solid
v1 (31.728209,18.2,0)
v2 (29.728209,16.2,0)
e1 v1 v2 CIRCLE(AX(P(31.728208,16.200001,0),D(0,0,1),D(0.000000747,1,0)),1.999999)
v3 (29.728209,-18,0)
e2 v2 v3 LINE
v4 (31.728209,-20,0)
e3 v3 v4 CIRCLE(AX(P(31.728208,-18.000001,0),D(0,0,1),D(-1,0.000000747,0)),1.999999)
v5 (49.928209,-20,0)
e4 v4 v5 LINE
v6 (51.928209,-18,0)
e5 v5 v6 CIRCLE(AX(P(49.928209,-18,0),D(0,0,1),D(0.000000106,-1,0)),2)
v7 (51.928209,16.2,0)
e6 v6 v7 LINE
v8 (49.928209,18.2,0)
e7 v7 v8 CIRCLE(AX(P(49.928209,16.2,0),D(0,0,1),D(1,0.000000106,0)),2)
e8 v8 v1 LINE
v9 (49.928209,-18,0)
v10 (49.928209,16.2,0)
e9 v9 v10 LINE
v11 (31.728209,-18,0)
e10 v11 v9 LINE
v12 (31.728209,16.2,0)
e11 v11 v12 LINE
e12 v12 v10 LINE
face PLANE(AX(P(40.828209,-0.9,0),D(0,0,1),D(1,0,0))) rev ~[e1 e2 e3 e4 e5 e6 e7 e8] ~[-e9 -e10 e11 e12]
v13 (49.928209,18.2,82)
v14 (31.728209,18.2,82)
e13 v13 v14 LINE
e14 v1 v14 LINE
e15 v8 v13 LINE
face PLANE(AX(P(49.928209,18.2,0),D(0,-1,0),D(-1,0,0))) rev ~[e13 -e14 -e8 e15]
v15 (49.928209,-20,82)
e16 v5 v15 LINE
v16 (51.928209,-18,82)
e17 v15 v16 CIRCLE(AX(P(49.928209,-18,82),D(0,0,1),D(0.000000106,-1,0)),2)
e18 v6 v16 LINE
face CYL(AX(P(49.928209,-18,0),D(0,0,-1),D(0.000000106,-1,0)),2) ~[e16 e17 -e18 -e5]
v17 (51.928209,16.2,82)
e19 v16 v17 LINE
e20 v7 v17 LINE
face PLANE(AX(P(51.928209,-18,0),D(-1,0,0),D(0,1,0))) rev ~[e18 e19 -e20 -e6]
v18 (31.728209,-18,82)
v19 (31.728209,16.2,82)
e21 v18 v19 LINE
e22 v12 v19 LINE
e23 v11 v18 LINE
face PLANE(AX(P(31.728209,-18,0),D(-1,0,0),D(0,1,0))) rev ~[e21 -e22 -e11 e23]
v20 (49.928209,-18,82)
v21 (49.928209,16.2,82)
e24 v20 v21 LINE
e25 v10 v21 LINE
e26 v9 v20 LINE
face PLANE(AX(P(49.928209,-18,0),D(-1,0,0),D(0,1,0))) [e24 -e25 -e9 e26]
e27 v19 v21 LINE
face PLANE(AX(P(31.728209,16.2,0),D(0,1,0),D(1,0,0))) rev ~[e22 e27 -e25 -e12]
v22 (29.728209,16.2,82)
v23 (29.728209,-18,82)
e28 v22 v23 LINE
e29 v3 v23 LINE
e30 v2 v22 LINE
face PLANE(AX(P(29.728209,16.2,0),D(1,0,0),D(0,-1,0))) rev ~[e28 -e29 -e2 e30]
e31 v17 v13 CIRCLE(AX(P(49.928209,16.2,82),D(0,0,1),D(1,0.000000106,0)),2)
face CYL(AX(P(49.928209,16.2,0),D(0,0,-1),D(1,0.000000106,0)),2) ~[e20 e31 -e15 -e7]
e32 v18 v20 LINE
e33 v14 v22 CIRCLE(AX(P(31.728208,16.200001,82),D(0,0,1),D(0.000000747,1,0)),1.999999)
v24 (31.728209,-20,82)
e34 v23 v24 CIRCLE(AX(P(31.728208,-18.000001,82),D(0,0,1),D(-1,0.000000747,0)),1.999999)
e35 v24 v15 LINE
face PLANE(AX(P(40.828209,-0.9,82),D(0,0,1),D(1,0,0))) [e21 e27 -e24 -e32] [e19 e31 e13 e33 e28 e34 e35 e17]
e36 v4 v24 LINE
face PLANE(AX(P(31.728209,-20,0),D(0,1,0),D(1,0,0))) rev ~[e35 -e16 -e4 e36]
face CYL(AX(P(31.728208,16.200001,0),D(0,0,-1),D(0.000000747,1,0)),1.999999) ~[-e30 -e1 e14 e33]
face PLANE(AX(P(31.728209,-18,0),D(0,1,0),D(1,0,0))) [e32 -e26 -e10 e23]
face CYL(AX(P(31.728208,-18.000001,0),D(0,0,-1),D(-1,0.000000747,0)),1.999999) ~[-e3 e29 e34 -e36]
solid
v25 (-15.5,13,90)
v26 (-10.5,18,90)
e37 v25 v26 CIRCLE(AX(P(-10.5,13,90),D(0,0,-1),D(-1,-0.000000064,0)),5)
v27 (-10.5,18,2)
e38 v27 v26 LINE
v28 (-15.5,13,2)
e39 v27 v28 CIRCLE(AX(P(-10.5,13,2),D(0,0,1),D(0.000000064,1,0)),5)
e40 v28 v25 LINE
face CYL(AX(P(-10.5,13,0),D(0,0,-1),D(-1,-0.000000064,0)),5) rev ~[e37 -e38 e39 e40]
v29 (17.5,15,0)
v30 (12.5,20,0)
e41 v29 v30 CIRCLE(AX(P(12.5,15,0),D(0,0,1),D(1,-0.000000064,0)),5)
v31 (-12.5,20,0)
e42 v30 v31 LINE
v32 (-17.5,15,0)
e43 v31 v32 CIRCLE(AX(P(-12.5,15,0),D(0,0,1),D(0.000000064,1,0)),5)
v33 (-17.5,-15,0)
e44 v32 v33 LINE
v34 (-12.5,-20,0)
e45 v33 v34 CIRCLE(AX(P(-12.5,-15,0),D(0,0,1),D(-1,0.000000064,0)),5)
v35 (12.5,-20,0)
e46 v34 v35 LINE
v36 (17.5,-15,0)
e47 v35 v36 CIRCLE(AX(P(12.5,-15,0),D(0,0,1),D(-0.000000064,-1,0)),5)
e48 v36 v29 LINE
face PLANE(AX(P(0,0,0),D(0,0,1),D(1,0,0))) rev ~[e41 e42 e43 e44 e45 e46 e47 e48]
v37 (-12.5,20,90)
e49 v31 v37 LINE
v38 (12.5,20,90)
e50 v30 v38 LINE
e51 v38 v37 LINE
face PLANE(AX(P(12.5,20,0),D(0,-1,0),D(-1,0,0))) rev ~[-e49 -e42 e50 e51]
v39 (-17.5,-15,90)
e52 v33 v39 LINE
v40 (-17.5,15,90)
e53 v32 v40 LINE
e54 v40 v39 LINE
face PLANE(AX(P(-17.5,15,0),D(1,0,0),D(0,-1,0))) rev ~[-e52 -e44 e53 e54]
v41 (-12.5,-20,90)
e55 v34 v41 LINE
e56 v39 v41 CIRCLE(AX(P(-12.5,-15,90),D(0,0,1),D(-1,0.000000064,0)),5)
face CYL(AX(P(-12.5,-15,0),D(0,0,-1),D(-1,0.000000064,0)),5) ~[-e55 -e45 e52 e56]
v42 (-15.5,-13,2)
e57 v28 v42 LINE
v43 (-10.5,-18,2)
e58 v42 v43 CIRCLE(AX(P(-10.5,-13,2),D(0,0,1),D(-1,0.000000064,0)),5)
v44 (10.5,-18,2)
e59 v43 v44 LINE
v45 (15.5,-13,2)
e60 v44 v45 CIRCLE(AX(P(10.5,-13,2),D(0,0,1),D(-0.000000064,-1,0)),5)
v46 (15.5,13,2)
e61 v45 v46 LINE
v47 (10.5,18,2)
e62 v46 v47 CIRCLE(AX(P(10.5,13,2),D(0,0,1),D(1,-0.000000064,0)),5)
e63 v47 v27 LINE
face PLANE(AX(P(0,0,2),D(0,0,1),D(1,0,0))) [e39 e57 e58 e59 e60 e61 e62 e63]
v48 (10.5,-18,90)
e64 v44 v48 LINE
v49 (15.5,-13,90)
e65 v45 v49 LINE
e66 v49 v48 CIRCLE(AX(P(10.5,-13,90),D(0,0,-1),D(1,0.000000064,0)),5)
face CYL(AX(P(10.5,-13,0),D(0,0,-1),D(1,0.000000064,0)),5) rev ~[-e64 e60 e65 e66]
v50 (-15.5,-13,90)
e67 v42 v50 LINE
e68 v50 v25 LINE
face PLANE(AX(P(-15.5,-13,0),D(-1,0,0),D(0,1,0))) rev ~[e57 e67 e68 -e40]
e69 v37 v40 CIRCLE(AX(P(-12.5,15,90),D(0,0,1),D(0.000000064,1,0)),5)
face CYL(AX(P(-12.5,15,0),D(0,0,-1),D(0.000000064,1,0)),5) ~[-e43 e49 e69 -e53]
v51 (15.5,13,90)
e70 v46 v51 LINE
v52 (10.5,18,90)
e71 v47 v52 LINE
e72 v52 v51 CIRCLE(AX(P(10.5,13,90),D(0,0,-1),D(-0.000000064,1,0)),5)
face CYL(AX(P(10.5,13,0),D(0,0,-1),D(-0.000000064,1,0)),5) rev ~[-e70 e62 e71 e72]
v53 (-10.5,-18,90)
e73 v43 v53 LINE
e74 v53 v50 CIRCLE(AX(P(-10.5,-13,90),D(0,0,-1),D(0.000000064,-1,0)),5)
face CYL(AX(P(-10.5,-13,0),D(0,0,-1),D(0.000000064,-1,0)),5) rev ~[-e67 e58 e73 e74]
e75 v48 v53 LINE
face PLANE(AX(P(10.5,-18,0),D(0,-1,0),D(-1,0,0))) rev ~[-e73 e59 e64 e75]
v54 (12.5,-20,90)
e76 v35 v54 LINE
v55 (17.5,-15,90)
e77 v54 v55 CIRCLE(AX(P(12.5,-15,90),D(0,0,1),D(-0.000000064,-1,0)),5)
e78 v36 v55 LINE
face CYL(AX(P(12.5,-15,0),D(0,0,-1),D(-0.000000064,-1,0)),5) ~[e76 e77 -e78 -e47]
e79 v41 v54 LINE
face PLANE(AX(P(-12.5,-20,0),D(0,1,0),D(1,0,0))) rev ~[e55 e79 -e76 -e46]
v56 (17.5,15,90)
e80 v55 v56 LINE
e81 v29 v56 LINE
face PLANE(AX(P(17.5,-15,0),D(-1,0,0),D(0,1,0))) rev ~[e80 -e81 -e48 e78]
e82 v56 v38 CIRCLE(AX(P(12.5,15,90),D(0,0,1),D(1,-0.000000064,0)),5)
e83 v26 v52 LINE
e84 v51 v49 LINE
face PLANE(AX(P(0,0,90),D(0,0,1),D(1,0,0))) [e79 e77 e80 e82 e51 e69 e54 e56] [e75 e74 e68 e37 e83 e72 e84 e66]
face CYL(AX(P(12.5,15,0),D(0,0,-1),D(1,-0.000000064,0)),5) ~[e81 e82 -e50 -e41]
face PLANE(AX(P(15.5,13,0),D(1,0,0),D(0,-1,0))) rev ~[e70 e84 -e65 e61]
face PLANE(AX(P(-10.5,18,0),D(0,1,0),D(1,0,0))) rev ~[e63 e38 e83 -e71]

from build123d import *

# Parameters (mm, degrees)
F1_DEPTH = 90
F2_DEPTH = 2
F3_W     = 18.2
F3_H     = 34.2
F4_DEPTH = 82


with BuildPart() as f1:
    # F0 (on Top) → F1 (new body)
    with BuildSketch(Plane.XY):
        with BuildLine():
            ThreePointArc((17.5, 15), (16.035534, 18.535534), (12.5, 20))
            Line((12.5, 20), (-12.5, 20))
            ThreePointArc((-12.5, 20), (-16.035534, 18.535534), (-17.5, 15))
            Line((-17.5, 15), (-17.5, -15))
            ThreePointArc((-17.5, -15), (-16.035534, -18.535534), (-12.5, -20))
            Line((-12.5, -20), (12.5, -20))
            ThreePointArc((12.5, -20), (16.035534, -18.535534), (17.5, -15))
            Line((17.5, -15), (17.5, 15))
        make_face()
        with BuildLine():
            Line((-15.5, -13), (-15.5, 13))
            ThreePointArc((-15.5, 13), (-14.035534, 16.535534), (-10.5, 18))
            Line((-10.5, 18), (10.5, 18))
            ThreePointArc((10.5, 18), (14.035534, 16.535534), (15.5, 13))
            Line((15.5, 13), (15.5, -13))
            ThreePointArc((15.5, -13), (14.035534, -16.535534), (10.5, -18))
            Line((10.5, -18), (-10.5, -18))
            ThreePointArc((-10.5, -18), (-14.035534, -16.535534), (-15.5, -13))
        make_face(mode=Mode.SUBTRACT)
    extrude(amount=F1_DEPTH)

    # F0 (on Top) → F2 (join)
    with BuildSketch(Plane.XY):
        with BuildLine():
            ThreePointArc((-10.5, 18), (-14.035534, 16.535534), (-15.5, 13))
            Line((-15.5, 13), (-15.5, -13))
            ThreePointArc((-15.5, -13), (-14.035534, -16.535534), (-10.5, -18))
            Line((-10.5, -18), (10.5, -18))
            ThreePointArc((10.5, -18), (14.035534, -16.535534), (15.5, -13))
            Line((15.5, -13), (15.5, 13))
            ThreePointArc((15.5, 13), (14.035534, 16.535534), (10.5, 18))
            Line((10.5, 18), (-10.5, 18))
        make_face()
    extrude(amount=F2_DEPTH)


with BuildPart() as f4:
    # F3 (on Top) → F4 (new body)
    with BuildSketch(Plane.XY):
        with BuildLine():
            Line((49.928209, 18.2), (31.728209, 18.2))
            ThreePointArc((31.728209, 18.2), (30.313995, 17.614214), (29.728209, 16.2))
            Line((29.728209, 16.2), (29.728209, -18))
            ThreePointArc((29.728209, -18), (30.313995, -19.414214), (31.728209, -20))
            Line((31.728209, -20), (49.928209, -20))
            ThreePointArc((49.928209, -20), (51.342422, -19.414214), (51.928209, -18))
            Line((51.928209, -18), (51.928209, 16.2))
            ThreePointArc((51.928209, 16.2), (51.342422, 17.614214), (49.928209, 18.2))
        make_face()
        with Locations((40.828209, -0.9)):
            Rectangle(F3_W, F3_H, mode=Mode.SUBTRACT)
    extrude(amount=F4_DEPTH)


solid = Compound([f1.part, f4.part])
